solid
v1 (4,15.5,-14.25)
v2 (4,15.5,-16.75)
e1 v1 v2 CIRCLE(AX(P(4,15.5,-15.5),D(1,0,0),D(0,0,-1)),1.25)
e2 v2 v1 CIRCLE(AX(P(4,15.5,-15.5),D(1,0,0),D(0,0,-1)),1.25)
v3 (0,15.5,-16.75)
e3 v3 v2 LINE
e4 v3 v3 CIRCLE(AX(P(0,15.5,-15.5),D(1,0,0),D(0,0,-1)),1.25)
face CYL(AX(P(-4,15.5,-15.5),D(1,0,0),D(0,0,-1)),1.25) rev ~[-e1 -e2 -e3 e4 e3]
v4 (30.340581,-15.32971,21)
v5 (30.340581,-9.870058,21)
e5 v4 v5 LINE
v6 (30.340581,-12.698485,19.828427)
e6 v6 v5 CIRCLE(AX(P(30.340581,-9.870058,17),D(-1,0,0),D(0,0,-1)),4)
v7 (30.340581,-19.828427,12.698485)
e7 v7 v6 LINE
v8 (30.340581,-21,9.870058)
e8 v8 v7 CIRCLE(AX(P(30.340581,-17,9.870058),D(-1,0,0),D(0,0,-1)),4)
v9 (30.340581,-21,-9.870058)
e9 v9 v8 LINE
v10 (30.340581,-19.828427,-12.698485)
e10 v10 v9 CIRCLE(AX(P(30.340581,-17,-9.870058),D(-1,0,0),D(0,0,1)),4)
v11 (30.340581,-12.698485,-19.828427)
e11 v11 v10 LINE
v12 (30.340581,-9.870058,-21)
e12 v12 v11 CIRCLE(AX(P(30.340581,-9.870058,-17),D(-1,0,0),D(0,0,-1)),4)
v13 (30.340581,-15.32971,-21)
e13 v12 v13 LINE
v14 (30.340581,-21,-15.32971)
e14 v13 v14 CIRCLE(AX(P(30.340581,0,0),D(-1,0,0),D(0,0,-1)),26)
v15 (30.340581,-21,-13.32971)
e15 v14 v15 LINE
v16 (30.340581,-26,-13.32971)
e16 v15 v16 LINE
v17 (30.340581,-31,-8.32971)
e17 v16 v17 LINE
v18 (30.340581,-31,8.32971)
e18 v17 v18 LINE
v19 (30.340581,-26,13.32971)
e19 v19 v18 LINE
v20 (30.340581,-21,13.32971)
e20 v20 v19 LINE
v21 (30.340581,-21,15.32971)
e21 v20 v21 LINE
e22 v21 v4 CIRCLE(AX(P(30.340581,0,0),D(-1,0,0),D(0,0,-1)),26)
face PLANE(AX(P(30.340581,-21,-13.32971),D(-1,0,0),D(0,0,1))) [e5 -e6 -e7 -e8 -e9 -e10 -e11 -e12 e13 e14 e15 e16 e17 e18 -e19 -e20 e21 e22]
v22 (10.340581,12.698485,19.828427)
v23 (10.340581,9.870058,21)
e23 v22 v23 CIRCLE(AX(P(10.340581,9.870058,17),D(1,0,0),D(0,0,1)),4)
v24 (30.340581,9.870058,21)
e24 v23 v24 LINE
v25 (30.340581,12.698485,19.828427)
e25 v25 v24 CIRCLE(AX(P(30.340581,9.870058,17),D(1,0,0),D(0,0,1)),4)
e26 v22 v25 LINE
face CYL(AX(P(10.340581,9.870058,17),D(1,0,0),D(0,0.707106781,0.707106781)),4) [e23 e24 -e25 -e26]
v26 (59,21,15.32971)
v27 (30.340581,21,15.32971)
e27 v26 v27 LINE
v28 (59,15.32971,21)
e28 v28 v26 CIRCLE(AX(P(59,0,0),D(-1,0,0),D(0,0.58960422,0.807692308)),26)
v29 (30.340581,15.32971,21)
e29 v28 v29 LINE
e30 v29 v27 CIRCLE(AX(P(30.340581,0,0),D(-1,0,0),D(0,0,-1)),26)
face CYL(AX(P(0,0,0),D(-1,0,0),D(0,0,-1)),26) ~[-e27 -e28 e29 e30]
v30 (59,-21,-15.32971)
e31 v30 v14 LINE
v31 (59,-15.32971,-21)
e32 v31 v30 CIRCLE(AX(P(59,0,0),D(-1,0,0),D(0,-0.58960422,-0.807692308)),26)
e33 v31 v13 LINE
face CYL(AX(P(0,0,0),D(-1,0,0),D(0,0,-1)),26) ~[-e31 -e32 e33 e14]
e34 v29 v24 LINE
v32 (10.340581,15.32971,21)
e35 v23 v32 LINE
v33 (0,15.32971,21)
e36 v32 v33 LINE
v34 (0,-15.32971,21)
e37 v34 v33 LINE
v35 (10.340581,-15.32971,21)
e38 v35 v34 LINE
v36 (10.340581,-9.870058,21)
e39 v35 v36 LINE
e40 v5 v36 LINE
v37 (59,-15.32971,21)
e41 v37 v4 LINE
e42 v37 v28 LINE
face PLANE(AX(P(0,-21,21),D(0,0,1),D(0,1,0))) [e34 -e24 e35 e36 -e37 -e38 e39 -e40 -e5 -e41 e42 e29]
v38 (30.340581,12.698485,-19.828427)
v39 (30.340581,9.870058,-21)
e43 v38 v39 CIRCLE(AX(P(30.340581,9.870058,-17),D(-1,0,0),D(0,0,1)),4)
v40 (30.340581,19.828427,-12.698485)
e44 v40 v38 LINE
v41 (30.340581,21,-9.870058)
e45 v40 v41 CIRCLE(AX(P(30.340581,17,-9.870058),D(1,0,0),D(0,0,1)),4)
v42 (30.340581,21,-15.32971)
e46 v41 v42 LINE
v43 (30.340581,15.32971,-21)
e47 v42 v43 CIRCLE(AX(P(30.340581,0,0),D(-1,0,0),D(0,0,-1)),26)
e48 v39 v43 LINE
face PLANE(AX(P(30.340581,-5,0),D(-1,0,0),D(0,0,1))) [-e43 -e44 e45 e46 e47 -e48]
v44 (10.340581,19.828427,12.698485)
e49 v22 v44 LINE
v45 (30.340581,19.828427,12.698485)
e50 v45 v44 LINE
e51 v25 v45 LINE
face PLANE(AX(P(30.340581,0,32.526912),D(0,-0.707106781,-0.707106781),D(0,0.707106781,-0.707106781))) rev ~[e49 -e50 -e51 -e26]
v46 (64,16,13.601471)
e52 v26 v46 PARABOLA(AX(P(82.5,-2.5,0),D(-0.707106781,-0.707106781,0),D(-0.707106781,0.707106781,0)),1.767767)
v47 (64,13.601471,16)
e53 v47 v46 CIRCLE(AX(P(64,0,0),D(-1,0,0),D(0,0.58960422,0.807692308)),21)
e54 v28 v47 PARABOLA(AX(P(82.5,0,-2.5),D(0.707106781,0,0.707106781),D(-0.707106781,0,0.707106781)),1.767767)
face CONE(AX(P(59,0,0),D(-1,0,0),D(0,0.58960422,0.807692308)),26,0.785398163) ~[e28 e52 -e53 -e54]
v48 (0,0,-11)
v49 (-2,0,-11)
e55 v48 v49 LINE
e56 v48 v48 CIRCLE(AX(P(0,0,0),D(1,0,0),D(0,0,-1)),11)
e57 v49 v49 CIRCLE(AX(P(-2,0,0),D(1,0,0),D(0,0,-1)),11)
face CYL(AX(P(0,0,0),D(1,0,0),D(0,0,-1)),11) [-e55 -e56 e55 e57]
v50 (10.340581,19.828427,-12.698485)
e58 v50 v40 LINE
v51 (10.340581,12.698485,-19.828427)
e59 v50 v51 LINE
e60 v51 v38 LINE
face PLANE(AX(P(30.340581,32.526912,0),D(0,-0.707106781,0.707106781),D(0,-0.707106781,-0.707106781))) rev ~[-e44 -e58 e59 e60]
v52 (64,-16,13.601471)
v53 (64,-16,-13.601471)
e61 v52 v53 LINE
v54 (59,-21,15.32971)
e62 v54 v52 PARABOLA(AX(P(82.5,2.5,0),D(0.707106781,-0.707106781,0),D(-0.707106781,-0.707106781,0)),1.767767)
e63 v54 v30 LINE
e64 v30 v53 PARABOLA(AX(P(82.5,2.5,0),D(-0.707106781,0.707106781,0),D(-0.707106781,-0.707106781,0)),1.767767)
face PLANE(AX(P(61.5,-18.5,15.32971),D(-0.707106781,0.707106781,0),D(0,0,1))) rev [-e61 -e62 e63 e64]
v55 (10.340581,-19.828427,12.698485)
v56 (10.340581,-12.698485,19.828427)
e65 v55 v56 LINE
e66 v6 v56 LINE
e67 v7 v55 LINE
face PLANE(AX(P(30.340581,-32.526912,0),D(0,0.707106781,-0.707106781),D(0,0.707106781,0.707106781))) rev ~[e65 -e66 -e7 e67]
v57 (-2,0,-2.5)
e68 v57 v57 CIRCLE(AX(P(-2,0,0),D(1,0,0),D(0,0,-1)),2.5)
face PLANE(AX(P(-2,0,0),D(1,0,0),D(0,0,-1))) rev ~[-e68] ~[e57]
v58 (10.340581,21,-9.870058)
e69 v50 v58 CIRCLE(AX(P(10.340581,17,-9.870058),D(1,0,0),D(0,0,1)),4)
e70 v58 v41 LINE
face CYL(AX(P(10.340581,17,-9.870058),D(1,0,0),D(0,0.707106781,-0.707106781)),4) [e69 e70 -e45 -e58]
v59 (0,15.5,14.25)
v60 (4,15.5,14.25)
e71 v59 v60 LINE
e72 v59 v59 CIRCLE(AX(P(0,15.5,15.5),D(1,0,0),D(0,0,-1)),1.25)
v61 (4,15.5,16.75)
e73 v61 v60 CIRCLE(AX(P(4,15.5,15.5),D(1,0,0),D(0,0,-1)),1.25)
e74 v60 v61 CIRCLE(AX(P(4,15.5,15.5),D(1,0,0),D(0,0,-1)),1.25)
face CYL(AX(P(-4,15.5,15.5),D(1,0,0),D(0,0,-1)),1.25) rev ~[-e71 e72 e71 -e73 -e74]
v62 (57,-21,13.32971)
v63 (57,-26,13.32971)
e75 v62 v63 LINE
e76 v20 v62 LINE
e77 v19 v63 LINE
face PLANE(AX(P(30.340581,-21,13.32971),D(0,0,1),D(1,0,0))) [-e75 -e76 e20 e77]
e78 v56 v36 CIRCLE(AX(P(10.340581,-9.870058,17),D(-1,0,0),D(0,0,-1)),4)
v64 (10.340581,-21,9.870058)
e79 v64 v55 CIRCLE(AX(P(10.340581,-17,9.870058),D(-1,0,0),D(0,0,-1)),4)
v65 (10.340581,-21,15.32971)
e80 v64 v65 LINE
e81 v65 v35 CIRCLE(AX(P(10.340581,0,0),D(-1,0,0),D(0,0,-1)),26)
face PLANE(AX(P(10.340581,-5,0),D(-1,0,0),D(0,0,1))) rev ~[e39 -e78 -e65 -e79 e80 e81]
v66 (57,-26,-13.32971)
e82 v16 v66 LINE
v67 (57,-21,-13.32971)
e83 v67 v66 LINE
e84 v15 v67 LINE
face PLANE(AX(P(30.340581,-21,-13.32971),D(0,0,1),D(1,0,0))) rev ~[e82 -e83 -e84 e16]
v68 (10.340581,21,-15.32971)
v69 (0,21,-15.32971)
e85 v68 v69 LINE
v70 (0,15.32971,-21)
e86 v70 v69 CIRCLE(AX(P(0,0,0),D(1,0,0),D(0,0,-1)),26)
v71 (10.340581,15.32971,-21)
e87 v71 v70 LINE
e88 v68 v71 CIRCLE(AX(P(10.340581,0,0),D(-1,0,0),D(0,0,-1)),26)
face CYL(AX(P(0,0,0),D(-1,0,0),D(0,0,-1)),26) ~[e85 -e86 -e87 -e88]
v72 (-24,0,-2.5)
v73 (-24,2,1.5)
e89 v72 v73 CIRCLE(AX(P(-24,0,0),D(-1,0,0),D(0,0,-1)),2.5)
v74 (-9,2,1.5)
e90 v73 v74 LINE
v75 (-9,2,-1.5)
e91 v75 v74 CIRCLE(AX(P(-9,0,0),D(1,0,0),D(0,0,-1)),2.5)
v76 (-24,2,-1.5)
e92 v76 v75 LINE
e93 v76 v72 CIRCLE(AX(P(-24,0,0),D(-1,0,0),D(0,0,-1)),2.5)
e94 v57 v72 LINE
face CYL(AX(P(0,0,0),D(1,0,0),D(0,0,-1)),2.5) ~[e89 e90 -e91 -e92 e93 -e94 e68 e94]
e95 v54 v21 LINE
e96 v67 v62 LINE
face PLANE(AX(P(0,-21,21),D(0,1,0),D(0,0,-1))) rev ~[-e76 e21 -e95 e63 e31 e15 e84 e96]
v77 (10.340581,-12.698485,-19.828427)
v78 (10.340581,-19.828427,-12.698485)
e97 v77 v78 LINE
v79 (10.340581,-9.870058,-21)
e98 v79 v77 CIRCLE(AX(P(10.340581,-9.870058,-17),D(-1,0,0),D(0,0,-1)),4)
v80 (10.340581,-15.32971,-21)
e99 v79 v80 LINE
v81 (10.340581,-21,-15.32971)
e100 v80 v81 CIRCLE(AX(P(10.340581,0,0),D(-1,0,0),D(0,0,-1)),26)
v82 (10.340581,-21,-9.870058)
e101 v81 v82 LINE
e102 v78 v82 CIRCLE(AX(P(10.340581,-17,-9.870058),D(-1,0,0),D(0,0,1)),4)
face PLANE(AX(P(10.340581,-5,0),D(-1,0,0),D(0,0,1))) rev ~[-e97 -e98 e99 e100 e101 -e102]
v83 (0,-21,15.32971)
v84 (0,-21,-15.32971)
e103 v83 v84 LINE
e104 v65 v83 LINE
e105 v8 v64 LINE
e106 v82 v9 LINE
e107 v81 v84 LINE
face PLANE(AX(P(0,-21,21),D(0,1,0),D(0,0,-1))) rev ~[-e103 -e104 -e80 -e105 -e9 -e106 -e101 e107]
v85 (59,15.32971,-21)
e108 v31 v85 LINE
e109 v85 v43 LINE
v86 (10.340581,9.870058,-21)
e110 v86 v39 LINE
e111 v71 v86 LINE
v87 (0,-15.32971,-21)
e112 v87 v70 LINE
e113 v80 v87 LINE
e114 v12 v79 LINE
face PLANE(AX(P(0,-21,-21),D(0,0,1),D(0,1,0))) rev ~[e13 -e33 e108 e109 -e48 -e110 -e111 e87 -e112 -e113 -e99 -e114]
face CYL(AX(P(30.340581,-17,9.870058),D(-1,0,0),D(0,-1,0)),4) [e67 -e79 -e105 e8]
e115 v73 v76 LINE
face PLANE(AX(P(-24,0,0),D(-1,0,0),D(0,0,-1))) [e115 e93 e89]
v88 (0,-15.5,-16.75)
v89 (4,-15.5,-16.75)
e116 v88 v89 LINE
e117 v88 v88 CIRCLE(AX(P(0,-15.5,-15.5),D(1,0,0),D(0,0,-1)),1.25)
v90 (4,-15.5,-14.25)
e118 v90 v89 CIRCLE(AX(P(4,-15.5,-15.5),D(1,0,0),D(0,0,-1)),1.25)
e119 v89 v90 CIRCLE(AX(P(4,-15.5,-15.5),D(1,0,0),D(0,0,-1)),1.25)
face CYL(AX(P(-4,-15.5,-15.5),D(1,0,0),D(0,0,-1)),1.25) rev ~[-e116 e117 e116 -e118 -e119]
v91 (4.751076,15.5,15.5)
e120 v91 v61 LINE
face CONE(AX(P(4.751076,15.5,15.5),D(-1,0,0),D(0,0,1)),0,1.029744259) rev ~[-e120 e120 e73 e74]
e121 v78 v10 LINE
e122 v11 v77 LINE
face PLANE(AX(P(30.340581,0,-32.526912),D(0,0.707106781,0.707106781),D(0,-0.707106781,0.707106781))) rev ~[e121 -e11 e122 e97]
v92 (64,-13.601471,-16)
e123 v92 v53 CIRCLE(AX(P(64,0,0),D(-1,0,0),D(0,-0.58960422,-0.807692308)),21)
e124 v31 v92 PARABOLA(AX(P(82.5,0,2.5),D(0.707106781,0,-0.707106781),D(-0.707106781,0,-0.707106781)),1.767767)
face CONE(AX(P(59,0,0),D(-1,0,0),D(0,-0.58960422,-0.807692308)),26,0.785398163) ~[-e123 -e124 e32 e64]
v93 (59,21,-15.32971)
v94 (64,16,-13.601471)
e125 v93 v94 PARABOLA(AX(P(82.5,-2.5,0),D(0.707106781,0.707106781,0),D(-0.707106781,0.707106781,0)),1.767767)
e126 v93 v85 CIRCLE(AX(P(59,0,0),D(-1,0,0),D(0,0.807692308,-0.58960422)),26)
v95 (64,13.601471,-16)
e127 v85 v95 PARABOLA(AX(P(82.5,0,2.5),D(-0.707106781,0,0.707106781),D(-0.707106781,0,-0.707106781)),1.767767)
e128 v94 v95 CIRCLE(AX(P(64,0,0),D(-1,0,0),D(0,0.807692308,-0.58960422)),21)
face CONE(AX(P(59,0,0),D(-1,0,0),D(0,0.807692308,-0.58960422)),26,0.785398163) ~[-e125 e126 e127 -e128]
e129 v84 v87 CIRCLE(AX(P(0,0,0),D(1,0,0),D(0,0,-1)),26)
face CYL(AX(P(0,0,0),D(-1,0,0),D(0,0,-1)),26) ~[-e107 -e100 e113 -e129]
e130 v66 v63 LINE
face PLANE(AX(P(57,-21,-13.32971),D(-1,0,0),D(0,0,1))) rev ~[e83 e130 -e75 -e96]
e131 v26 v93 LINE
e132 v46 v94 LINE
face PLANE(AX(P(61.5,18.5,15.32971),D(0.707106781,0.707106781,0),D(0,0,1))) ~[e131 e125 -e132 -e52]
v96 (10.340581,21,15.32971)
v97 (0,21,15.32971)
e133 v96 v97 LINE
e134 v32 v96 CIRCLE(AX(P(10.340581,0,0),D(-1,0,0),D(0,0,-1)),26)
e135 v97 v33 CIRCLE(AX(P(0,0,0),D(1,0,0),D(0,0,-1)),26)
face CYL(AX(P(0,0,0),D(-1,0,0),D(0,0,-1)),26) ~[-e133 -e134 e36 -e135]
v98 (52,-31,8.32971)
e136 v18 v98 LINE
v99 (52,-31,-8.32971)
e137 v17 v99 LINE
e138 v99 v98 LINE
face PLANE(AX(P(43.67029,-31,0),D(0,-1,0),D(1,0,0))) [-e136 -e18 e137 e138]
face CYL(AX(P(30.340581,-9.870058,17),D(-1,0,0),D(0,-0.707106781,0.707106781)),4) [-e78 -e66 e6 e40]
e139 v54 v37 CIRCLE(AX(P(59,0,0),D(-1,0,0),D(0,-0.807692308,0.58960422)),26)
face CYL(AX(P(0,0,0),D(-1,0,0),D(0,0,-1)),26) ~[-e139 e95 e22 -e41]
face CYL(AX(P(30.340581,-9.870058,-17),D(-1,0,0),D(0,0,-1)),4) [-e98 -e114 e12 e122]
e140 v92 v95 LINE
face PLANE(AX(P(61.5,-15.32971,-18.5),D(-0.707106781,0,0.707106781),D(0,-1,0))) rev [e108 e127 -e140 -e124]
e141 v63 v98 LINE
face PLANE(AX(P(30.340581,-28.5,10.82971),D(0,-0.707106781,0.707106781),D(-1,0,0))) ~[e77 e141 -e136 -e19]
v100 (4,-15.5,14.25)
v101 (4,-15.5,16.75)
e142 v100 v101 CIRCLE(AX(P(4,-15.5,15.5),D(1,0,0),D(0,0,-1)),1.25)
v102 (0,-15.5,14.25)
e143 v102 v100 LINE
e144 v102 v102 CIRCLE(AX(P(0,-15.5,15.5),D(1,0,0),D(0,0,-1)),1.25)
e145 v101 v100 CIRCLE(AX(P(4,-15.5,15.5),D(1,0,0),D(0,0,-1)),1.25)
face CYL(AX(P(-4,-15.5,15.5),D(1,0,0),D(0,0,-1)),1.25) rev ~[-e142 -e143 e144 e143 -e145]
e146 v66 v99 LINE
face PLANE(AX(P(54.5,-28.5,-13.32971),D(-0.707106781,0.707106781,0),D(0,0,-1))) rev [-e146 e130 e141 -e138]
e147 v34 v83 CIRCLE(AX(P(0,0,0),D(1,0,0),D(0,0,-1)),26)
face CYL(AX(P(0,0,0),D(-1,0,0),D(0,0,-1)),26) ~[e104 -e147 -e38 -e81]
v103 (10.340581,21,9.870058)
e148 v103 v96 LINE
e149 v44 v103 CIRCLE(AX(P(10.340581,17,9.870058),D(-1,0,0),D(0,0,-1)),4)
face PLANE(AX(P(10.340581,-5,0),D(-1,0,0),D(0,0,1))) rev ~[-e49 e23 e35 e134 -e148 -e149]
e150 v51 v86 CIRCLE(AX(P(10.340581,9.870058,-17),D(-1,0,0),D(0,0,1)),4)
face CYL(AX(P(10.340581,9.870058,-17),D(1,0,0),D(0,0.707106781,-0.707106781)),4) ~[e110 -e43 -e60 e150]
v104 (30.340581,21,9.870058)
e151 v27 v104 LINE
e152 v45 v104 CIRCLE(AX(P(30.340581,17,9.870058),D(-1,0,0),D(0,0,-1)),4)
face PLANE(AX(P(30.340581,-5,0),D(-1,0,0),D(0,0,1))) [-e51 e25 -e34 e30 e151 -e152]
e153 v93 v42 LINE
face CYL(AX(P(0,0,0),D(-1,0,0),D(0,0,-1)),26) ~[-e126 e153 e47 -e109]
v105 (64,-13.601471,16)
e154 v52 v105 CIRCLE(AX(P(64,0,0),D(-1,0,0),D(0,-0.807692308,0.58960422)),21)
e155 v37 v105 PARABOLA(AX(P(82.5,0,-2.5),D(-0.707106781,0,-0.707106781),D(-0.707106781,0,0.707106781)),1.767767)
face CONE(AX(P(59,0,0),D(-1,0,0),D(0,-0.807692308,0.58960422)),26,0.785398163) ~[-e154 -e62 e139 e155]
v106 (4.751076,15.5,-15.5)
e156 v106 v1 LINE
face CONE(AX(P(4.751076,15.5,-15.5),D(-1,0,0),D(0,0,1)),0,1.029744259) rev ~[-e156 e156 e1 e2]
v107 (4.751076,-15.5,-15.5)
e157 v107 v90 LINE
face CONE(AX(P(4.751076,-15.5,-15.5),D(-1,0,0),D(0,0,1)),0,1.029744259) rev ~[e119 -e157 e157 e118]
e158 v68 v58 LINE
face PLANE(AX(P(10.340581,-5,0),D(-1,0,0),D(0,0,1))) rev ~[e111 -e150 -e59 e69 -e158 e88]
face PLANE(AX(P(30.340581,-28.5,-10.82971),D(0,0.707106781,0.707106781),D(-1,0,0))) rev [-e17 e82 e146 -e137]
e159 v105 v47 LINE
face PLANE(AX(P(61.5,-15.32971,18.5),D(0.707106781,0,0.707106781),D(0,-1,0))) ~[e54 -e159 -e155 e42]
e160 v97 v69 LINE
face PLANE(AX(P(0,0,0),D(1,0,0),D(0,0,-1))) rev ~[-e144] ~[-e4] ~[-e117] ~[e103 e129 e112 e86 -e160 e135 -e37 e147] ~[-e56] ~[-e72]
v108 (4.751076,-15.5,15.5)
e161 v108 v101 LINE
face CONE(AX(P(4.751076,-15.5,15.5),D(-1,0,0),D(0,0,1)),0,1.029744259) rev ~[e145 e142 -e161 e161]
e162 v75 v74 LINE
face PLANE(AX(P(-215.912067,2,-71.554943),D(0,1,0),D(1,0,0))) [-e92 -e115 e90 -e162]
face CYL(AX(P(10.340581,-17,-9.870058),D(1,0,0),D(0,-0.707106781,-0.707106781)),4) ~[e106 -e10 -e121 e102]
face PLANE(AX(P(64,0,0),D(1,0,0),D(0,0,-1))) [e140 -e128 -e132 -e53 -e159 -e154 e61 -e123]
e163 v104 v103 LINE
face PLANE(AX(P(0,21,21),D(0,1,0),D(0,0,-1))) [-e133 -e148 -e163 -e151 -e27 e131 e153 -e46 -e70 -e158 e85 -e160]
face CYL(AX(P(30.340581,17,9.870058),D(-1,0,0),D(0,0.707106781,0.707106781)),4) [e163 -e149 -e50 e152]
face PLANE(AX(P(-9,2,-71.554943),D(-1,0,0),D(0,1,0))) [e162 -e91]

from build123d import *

# Parameters (mm, degrees)
ESQUISSE1_W                  = 42
ESQUISSE1_H                  = 42
BOSS_EXTRU_1_DEPTH           = 64
ESQUISSE2_R                  = 11
BOSS_EXTRU_2_DEPTH           = 2
ESQUISSE3_R                  = 2.5
BOSS_EXTRU_3_DEPTH           = 24
TROU_TARAUD_M31_D            = 2.5
TROU_TARAUD_M31_DEPTH        = 4
TROU_TARAUD_M31_TIP          = 0.751075774
ESQUISSE6_OUTSIDE_W          = 65.234
ESQUISSE6_OUTSIDE_H          = 65.234
ESQUISSE6_OUTSIDE_R          = 26
ENL_V_MAT_EXTRU_1_DEPTH      = 71.554943129
ENL_V_MAT_EXTRU_2_DEPTH      = 71.554943129
ENL_V_MAT_EXTRU_2_DEPTH_BACK = 71.554943129
CHANFREIN1_SIZE              = 5
ESQUISSE10_W                 = 26.659419434
ESQUISSE10_H                 = 26.659419434
BOSS_EXTRU_5_DEPTH           = 10
CHANFREIN2_SIZE              = 5
ESQUISSE11_OUTSIDE_W         = 66.102
ESQUISSE11_OUTSIDE_H         = 76.102
ENL_V_MAT_EXTRU_3_DEPTH      = 20
CONG_1_R                     = 4


with BuildPart() as part:
    # Esquisse1 → Boss.-Extru.1 (new body)
    with BuildSketch(Plane(origin=(0, 0, 0), x_dir=(0, 0, -1), z_dir=(1, 0, 0))):
        Rectangle(ESQUISSE1_W, ESQUISSE1_H)
    extrude(amount=BOSS_EXTRU_1_DEPTH)

    # Esquisse2 → Boss.-Extru.2 (add)
    with BuildSketch(Plane(origin=(0, 0, 0), x_dir=(0, 0, -1), z_dir=(1, 0, 0))):
        Circle(ESQUISSE2_R)
    extrude(amount=-BOSS_EXTRU_2_DEPTH)

    # Esquisse3 → Boss.-Extru.3 (add)
    with BuildSketch(Plane.ZY):
        with Locations(Location((0, 0, 0), (0, 0, 180))):
            Circle(ESQUISSE3_R)
    extrude(amount=BOSS_EXTRU_3_DEPTH)

    # Trou taraudé M31
    with Locations(Plane.ZY):
        with Locations((-15.5, 15.5), (15.5, 15.5), (-15.5, -15.5), (15.5, -15.5)):
            Hole(TROU_TARAUD_M31_D / 2, depth=TROU_TARAUD_M31_DEPTH)
            with Locations((0, 0, -(TROU_TARAUD_M31_DEPTH + TROU_TARAUD_M31_TIP / 2))):  # 118° drill point
                Cone(0, TROU_TARAUD_M31_D / 2, TROU_TARAUD_M31_TIP, mode=Mode.SUBTRACT)

    # Esquisse6 outside → Enlèv. mat.-Extru.1 (cut, through all)
    with BuildSketch(Plane(origin=(0, 0, 0), x_dir=(0, 0, -1), z_dir=(1, 0, 0))):
        Rectangle(ESQUISSE6_OUTSIDE_W, ESQUISSE6_OUTSIDE_H)
        Circle(ESQUISSE6_OUTSIDE_R, mode=Mode.SUBTRACT)
    extrude(amount=ENL_V_MAT_EXTRU_1_DEPTH, mode=Mode.SUBTRACT)

    # Esquisse7 → Enlèv. mat.-Extru.2 (cut, two sides: drawn at the far end of the back side and taken through both)
    with BuildSketch(Plane.XY.offset(-ENL_V_MAT_EXTRU_2_DEPTH_BACK)):
        Polygon((-215.91206667, 2), (-24, 2), (-9, 2), (-9, 2.5), (-9, 194.41206667), (-270.377319091, 475.486545052), (-477.289385761, 283.074478383), align=None)
    extrude(amount=ENL_V_MAT_EXTRU_2_DEPTH + ENL_V_MAT_EXTRU_2_DEPTH_BACK, mode=Mode.SUBTRACT)

    # Chanfrein1
    chanfrein1_edges = [part.edges().sort_by_distance(p)[0] for p in [
        (64, 0, 21),
        (64, -21, 0),
        (64, 0, -21),
        (64, 21, 0),
        (64, -18.384776311, 18.384776311),
        (64, 18.384776311, 18.384776311),
        (64, -18.384776311, -18.384776311),
        (64, 18.384776311, -18.384776311),
    ]]
    chamfer(chanfrein1_edges, length=CHANFREIN1_SIZE)

    # Esquisse10 → Boss.-Extru.5 (add)
    with BuildSketch(Plane.XZ.offset(21)):
        with Locations((43.670290283, 0)):
            Rectangle(ESQUISSE10_W, ESQUISSE10_H)
    extrude(amount=BOSS_EXTRU_5_DEPTH)

    # Chanfrein2
    chanfrein2_edges = [part.edges().sort_by_distance(p)[0] for p in [
        (57, -31, 0),
        (43.670290283, -31, 13.329709717),
        (43.670290283, -31, -13.329709717),
    ]]
    chamfer(chanfrein2_edges, length=CHANFREIN2_SIZE)

    # Esquisse11 outside → Enlèv. mat.-Extru.3 (cut)
    with BuildSketch(Plane.ZY.offset(-30.340580566)):
        with Locations((0, -5)):
            Rectangle(ESQUISSE11_OUTSIDE_W, ESQUISSE11_OUTSIDE_H)
        Polygon((0, 32.526911935), (-32.526911935, 0), (0, -32.526911935), (32.526911935, 0), align=None, mode=Mode.SUBTRACT)
    extrude(amount=ENL_V_MAT_EXTRU_3_DEPTH, mode=Mode.SUBTRACT)

    # Congé1
    cong_1_edges = [part.edges().sort_by_distance(p)[0] for p in [
        (20.340580566, 21, -11.526911935),
        (20.340580566, 21, 11.526911935),
        (20.340580566, 11.526911935, 21),
        (20.340580566, 11.526911935, -21),
        (20.340580566, -21, -11.526911935),
        (20.340580566, -11.526911935, -21),
        (20.340580566, -21, 11.526911935),
        (20.340580566, -11.526911935, 21),
    ]]
    fillet(cong_1_edges, radius=CONG_1_R)


solid = part.part
